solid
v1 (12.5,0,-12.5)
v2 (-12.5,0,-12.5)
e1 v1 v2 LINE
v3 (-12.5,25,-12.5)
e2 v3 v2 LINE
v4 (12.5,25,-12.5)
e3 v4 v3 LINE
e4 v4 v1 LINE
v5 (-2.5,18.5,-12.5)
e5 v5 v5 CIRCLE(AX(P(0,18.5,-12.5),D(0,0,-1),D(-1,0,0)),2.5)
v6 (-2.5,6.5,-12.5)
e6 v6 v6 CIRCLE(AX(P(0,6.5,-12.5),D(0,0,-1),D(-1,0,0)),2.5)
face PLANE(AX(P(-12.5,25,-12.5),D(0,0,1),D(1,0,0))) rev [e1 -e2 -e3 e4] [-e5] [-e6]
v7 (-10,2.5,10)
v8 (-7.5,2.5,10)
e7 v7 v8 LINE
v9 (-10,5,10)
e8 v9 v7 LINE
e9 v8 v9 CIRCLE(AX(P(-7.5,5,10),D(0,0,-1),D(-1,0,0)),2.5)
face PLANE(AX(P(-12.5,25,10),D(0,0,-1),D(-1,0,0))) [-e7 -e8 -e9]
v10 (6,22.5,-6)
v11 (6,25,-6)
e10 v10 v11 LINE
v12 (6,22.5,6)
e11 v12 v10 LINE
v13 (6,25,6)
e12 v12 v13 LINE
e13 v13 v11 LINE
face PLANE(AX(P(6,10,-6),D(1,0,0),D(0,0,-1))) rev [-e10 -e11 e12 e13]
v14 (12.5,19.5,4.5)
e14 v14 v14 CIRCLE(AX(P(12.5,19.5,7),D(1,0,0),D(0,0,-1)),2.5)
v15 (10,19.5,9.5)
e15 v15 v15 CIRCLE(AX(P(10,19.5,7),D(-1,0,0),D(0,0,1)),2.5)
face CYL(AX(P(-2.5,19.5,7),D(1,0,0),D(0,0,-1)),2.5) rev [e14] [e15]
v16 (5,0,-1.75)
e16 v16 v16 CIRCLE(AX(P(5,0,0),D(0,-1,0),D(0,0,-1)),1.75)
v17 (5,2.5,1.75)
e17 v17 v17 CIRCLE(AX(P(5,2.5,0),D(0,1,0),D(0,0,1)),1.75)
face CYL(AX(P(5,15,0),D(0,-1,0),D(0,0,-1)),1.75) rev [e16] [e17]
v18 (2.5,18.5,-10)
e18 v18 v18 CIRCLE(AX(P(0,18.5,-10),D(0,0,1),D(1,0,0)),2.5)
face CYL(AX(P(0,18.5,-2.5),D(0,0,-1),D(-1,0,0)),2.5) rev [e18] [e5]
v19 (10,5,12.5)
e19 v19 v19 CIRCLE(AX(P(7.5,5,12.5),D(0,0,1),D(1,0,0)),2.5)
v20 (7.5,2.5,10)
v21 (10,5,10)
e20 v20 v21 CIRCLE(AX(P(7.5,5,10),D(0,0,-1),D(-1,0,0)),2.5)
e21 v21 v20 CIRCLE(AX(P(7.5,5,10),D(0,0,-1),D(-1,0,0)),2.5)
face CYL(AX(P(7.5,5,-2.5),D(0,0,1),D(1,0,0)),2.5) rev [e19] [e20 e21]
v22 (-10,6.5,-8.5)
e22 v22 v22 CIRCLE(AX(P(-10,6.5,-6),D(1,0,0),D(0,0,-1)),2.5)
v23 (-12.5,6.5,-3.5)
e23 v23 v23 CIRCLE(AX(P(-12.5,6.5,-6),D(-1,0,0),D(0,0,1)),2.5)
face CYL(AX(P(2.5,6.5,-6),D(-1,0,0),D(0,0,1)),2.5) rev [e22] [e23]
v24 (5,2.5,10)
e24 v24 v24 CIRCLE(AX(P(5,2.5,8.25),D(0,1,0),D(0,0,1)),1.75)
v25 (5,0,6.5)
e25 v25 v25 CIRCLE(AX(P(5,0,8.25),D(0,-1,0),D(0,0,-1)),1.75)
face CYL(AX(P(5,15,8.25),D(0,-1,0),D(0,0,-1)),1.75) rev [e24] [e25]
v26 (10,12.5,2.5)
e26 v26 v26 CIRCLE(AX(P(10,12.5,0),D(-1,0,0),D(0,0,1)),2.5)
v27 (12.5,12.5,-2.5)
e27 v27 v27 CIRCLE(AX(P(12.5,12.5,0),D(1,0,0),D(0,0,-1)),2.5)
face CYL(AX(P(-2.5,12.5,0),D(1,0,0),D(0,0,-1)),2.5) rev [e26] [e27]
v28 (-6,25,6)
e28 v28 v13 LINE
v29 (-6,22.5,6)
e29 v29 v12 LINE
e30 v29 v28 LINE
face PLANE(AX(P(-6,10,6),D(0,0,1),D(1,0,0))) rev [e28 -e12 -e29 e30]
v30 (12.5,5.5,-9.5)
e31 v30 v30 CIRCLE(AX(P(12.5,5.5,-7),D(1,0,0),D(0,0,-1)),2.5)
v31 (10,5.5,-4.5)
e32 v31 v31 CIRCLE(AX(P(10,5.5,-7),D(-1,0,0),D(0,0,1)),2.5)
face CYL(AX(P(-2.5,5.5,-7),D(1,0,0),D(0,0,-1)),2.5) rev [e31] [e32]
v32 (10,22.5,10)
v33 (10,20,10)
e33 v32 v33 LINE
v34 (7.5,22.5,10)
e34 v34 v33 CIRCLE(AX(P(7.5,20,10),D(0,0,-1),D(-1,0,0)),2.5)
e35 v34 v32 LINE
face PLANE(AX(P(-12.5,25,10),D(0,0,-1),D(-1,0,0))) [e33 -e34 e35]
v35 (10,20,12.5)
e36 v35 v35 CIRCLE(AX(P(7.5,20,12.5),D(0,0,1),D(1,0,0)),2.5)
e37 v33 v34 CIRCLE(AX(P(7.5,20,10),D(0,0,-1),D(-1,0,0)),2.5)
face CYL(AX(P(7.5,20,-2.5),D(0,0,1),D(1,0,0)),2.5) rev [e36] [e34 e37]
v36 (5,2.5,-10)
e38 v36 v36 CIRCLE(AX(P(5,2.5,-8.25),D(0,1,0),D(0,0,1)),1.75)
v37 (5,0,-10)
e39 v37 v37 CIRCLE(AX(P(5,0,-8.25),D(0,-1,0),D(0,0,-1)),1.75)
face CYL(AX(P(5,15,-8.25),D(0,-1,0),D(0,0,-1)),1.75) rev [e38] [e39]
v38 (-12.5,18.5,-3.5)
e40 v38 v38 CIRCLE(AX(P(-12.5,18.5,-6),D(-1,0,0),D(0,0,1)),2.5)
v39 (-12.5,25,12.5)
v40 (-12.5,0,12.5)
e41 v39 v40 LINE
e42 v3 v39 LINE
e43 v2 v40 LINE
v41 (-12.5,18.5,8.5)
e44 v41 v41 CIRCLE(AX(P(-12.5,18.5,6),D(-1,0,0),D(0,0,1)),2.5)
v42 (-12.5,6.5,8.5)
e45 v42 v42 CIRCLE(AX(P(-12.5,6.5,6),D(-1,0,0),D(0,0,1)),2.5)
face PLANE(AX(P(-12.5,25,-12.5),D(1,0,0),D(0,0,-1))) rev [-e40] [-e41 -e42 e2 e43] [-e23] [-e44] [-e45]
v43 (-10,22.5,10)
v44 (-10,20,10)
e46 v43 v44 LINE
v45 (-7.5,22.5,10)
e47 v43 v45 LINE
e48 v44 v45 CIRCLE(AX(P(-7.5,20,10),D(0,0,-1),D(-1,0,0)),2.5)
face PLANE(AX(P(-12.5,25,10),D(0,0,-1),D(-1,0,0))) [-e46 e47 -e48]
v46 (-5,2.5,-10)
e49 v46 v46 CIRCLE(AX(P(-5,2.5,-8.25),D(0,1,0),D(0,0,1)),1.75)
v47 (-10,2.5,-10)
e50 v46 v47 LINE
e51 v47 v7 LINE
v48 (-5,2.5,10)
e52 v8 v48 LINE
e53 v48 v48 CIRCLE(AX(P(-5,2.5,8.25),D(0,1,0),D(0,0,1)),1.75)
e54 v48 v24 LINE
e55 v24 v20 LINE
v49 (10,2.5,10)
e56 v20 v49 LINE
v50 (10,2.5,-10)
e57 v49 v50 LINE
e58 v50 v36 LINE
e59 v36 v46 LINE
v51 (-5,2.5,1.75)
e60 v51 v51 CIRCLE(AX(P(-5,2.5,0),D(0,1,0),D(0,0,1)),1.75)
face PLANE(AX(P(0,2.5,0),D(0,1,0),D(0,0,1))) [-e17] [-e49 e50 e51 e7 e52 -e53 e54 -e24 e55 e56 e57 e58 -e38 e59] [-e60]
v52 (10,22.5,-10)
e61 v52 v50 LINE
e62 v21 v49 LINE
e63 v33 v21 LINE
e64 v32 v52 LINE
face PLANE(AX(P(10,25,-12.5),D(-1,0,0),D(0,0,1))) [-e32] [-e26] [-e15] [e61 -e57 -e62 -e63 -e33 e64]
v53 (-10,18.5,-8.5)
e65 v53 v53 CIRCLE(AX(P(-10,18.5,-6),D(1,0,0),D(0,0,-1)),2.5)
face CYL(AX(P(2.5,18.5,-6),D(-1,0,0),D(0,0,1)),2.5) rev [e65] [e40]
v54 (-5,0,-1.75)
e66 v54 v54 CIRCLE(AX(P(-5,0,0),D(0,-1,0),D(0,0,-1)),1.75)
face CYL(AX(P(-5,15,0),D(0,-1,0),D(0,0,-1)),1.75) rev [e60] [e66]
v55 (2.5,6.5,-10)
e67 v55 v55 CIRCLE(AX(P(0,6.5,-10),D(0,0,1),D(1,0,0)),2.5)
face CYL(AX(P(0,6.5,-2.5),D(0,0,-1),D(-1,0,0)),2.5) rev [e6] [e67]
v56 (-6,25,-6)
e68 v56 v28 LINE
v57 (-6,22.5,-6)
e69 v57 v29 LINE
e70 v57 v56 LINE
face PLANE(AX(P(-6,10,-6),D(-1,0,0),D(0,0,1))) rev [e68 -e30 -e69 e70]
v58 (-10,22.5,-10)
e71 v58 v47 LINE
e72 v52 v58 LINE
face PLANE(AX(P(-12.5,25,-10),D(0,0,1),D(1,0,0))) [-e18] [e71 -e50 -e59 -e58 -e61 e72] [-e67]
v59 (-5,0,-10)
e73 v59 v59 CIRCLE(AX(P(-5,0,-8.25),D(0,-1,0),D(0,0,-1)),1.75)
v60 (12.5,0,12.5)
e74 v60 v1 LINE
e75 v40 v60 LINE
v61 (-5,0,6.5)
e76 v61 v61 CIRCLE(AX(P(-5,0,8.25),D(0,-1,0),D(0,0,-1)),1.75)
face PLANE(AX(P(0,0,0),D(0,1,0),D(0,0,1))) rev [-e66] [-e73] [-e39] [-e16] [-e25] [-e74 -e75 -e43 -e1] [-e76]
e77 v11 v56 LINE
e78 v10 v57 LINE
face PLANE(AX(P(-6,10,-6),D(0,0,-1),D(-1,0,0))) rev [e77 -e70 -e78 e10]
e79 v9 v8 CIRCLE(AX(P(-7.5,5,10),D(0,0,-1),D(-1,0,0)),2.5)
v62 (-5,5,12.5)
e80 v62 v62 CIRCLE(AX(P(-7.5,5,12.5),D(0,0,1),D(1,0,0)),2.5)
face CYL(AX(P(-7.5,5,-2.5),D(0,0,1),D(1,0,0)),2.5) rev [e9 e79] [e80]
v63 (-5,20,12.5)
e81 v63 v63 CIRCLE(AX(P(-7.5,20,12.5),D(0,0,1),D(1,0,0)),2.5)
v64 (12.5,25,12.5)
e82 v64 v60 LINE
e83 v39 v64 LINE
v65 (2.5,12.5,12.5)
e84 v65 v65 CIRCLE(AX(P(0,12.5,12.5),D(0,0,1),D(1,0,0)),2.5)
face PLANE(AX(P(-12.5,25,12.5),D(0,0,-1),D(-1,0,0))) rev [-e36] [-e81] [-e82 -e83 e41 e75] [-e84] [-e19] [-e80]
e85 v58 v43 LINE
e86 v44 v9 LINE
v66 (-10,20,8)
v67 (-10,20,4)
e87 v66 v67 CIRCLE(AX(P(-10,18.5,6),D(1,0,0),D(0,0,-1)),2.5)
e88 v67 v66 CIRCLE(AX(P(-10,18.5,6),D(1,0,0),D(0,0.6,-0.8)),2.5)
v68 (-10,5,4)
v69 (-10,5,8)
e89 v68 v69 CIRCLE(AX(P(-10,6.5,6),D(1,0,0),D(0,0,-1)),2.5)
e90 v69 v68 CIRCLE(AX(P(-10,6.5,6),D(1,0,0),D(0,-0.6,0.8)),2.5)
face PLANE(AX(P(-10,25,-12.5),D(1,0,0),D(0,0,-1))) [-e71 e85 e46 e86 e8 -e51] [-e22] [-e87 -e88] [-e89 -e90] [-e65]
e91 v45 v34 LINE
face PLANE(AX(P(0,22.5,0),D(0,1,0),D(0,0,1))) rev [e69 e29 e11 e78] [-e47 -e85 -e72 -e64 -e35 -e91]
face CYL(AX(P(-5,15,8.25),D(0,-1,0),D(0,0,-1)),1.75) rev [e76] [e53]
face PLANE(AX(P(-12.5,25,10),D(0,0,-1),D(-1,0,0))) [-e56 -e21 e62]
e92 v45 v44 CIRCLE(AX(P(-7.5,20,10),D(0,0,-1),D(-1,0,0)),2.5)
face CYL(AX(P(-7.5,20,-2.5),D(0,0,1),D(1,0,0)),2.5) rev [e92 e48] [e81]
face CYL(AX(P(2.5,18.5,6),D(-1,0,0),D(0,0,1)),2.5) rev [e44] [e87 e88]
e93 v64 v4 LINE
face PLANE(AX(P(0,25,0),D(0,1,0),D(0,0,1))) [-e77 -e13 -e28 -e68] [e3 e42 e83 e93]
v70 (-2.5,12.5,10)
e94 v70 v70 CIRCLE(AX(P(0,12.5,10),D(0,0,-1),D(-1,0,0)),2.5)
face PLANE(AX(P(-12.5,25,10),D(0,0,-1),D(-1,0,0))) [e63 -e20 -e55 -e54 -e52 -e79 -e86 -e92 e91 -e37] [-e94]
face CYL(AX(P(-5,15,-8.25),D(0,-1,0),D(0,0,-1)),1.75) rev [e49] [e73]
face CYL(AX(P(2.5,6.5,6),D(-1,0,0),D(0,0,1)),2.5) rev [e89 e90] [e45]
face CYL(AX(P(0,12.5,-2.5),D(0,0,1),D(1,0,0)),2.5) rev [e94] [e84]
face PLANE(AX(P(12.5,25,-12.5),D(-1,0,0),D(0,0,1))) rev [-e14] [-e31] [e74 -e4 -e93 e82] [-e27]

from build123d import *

# Parameters (mm, degrees)
SKETCH1_W           = 25
SKETCH1_H           = 25
BOSS_EXTRUDE1_DEPTH = 25
SHELL1_T            = 2.5
SKETCH2_W           = 12
SKETCH2_H           = 12
CUT_EXTRUDE1_DEPTH  = 15
SKETCH3_R           = 1.75
CUT_EXTRUDE2_DEPTH  = 15
SKETCH4_R           = 2.5
CUT_EXTRUDE6_DEPTH  = 15
SKETCH4_3_R         = 2.5
CUT_EXTRUDE7_DEPTH  = 15
SKETCH5_R           = 2.5
CUT_EXTRUDE8_DEPTH  = 15
SKETCH5_4_R         = 2.5
CUT_EXTRUDE9_DEPTH  = 15
SKETCH5_5_R         = 2.5
CUT_EXTRUDE10_DEPTH = 15
SKETCH7_R           = 2.5
CUT_EXTRUDE11_DEPTH = 15
SKETCH8_R           = 2.5
CUT_EXTRUDE12_DEPTH = 10


with BuildPart() as part:
    # Sketch1 → Boss-Extrude1 (new body)
    with BuildSketch(Plane(origin=(0, 0, 0), x_dir=(1, 0, 0), z_dir=(0, 1, 0))):
        Rectangle(SKETCH1_W, SKETCH1_H)
    extrude(amount=BOSS_EXTRUDE1_DEPTH)

    # Shell1 (no face opened: a closed hollow body)
    add(offset(amount=-SHELL1_T, mode=Mode.PRIVATE), mode=Mode.SUBTRACT)

    # Sketch2 → Cut-Extrude1 (cut)
    with BuildSketch(Plane(origin=(0, 25, 0), x_dir=(1, 0, 0), z_dir=(0, 1, 0))):
        Rectangle(SKETCH2_W, SKETCH2_H)
    extrude(amount=-CUT_EXTRUDE1_DEPTH, mode=Mode.SUBTRACT)

    # Sketch3 → Cut-Extrude2 (cut)
    with BuildSketch(Plane.XZ):
        with Locations((-5, 8.25)):
            Circle(SKETCH3_R)
        with Locations((-5, 0)):
            Circle(SKETCH3_R)
        with Locations((-5, -8.25)):
            Circle(SKETCH3_R)
        with Locations((5, 8.25)):
            Circle(SKETCH3_R)
        with Locations((5, 0)):
            Circle(SKETCH3_R)
        with Locations((5, -8.25)):
            Circle(SKETCH3_R)
    extrude(amount=-CUT_EXTRUDE2_DEPTH, mode=Mode.SUBTRACT)

    # Sketch4 → Cut-Extrude6 (cut)
    with BuildSketch(Plane(origin=(12.5, 0, 0), x_dir=(0, 0, -1), z_dir=(1, 0, 0))):
        with Locations((-7, 19.5)):
            Circle(SKETCH4_R)
    extrude(amount=-CUT_EXTRUDE6_DEPTH, mode=Mode.SUBTRACT)

    # Sketch4<3> → Cut-Extrude7 (cut)
    with BuildSketch(Plane(origin=(12.5, 0, 0), x_dir=(0, 0, -1), z_dir=(1, 0, 0))):
        with Locations((0, 12.5)):
            Circle(SKETCH4_3_R)
        with Locations((7, 5.5)):
            Circle(SKETCH4_3_R)
    extrude(amount=-CUT_EXTRUDE7_DEPTH, mode=Mode.SUBTRACT)

    # Sketch5 → Cut-Extrude8 (cut)
    with BuildSketch(Plane.ZY.offset(12.5)):
        with Locations((-6, 18.5)):
            Circle(SKETCH5_R)
    extrude(amount=-CUT_EXTRUDE8_DEPTH, mode=Mode.SUBTRACT)

    # Sketch5<4> → Cut-Extrude9 (cut)
    with BuildSketch(Plane.ZY.offset(12.5)):
        with Locations((6, 18.5)):
            Circle(SKETCH5_4_R)
    extrude(amount=-CUT_EXTRUDE9_DEPTH, mode=Mode.SUBTRACT)

    # Sketch5<5> → Cut-Extrude10 (cut)
    with BuildSketch(Plane.ZY.offset(12.5)):
        with Locations((6, 6.5)):
            Circle(SKETCH5_5_R)
        with Locations((-6, 6.5)):
            Circle(SKETCH5_5_R)
    extrude(amount=-CUT_EXTRUDE10_DEPTH, mode=Mode.SUBTRACT)

    # Sketch7 → Cut-Extrude11 (cut)
    with BuildSketch(Plane.XY.offset(12.5)):
        with Locations((-7.5, 20)):
            Circle(SKETCH7_R)
        with Locations((0, 12.5)):
            Circle(SKETCH7_R)
        with Locations((7.5, 20)):
            Circle(SKETCH7_R)
        with Locations((7.5, 5)):
            Circle(SKETCH7_R)
        with Locations((-7.5, 5)):
            Circle(SKETCH7_R)
    extrude(amount=-CUT_EXTRUDE11_DEPTH, mode=Mode.SUBTRACT)

    # Sketch8 → Cut-Extrude12 (cut)
    with BuildSketch(Plane(origin=(0, 0, -12.5), x_dir=(-1, 0, 0), z_dir=(0, 0, -1))):
        with Locations((0, 18.5)):
            Circle(SKETCH8_R)
        with Locations((0, 6.5)):
            Circle(SKETCH8_R)
    extrude(amount=-CUT_EXTRUDE12_DEPTH, mode=Mode.SUBTRACT)


solid = part.part
